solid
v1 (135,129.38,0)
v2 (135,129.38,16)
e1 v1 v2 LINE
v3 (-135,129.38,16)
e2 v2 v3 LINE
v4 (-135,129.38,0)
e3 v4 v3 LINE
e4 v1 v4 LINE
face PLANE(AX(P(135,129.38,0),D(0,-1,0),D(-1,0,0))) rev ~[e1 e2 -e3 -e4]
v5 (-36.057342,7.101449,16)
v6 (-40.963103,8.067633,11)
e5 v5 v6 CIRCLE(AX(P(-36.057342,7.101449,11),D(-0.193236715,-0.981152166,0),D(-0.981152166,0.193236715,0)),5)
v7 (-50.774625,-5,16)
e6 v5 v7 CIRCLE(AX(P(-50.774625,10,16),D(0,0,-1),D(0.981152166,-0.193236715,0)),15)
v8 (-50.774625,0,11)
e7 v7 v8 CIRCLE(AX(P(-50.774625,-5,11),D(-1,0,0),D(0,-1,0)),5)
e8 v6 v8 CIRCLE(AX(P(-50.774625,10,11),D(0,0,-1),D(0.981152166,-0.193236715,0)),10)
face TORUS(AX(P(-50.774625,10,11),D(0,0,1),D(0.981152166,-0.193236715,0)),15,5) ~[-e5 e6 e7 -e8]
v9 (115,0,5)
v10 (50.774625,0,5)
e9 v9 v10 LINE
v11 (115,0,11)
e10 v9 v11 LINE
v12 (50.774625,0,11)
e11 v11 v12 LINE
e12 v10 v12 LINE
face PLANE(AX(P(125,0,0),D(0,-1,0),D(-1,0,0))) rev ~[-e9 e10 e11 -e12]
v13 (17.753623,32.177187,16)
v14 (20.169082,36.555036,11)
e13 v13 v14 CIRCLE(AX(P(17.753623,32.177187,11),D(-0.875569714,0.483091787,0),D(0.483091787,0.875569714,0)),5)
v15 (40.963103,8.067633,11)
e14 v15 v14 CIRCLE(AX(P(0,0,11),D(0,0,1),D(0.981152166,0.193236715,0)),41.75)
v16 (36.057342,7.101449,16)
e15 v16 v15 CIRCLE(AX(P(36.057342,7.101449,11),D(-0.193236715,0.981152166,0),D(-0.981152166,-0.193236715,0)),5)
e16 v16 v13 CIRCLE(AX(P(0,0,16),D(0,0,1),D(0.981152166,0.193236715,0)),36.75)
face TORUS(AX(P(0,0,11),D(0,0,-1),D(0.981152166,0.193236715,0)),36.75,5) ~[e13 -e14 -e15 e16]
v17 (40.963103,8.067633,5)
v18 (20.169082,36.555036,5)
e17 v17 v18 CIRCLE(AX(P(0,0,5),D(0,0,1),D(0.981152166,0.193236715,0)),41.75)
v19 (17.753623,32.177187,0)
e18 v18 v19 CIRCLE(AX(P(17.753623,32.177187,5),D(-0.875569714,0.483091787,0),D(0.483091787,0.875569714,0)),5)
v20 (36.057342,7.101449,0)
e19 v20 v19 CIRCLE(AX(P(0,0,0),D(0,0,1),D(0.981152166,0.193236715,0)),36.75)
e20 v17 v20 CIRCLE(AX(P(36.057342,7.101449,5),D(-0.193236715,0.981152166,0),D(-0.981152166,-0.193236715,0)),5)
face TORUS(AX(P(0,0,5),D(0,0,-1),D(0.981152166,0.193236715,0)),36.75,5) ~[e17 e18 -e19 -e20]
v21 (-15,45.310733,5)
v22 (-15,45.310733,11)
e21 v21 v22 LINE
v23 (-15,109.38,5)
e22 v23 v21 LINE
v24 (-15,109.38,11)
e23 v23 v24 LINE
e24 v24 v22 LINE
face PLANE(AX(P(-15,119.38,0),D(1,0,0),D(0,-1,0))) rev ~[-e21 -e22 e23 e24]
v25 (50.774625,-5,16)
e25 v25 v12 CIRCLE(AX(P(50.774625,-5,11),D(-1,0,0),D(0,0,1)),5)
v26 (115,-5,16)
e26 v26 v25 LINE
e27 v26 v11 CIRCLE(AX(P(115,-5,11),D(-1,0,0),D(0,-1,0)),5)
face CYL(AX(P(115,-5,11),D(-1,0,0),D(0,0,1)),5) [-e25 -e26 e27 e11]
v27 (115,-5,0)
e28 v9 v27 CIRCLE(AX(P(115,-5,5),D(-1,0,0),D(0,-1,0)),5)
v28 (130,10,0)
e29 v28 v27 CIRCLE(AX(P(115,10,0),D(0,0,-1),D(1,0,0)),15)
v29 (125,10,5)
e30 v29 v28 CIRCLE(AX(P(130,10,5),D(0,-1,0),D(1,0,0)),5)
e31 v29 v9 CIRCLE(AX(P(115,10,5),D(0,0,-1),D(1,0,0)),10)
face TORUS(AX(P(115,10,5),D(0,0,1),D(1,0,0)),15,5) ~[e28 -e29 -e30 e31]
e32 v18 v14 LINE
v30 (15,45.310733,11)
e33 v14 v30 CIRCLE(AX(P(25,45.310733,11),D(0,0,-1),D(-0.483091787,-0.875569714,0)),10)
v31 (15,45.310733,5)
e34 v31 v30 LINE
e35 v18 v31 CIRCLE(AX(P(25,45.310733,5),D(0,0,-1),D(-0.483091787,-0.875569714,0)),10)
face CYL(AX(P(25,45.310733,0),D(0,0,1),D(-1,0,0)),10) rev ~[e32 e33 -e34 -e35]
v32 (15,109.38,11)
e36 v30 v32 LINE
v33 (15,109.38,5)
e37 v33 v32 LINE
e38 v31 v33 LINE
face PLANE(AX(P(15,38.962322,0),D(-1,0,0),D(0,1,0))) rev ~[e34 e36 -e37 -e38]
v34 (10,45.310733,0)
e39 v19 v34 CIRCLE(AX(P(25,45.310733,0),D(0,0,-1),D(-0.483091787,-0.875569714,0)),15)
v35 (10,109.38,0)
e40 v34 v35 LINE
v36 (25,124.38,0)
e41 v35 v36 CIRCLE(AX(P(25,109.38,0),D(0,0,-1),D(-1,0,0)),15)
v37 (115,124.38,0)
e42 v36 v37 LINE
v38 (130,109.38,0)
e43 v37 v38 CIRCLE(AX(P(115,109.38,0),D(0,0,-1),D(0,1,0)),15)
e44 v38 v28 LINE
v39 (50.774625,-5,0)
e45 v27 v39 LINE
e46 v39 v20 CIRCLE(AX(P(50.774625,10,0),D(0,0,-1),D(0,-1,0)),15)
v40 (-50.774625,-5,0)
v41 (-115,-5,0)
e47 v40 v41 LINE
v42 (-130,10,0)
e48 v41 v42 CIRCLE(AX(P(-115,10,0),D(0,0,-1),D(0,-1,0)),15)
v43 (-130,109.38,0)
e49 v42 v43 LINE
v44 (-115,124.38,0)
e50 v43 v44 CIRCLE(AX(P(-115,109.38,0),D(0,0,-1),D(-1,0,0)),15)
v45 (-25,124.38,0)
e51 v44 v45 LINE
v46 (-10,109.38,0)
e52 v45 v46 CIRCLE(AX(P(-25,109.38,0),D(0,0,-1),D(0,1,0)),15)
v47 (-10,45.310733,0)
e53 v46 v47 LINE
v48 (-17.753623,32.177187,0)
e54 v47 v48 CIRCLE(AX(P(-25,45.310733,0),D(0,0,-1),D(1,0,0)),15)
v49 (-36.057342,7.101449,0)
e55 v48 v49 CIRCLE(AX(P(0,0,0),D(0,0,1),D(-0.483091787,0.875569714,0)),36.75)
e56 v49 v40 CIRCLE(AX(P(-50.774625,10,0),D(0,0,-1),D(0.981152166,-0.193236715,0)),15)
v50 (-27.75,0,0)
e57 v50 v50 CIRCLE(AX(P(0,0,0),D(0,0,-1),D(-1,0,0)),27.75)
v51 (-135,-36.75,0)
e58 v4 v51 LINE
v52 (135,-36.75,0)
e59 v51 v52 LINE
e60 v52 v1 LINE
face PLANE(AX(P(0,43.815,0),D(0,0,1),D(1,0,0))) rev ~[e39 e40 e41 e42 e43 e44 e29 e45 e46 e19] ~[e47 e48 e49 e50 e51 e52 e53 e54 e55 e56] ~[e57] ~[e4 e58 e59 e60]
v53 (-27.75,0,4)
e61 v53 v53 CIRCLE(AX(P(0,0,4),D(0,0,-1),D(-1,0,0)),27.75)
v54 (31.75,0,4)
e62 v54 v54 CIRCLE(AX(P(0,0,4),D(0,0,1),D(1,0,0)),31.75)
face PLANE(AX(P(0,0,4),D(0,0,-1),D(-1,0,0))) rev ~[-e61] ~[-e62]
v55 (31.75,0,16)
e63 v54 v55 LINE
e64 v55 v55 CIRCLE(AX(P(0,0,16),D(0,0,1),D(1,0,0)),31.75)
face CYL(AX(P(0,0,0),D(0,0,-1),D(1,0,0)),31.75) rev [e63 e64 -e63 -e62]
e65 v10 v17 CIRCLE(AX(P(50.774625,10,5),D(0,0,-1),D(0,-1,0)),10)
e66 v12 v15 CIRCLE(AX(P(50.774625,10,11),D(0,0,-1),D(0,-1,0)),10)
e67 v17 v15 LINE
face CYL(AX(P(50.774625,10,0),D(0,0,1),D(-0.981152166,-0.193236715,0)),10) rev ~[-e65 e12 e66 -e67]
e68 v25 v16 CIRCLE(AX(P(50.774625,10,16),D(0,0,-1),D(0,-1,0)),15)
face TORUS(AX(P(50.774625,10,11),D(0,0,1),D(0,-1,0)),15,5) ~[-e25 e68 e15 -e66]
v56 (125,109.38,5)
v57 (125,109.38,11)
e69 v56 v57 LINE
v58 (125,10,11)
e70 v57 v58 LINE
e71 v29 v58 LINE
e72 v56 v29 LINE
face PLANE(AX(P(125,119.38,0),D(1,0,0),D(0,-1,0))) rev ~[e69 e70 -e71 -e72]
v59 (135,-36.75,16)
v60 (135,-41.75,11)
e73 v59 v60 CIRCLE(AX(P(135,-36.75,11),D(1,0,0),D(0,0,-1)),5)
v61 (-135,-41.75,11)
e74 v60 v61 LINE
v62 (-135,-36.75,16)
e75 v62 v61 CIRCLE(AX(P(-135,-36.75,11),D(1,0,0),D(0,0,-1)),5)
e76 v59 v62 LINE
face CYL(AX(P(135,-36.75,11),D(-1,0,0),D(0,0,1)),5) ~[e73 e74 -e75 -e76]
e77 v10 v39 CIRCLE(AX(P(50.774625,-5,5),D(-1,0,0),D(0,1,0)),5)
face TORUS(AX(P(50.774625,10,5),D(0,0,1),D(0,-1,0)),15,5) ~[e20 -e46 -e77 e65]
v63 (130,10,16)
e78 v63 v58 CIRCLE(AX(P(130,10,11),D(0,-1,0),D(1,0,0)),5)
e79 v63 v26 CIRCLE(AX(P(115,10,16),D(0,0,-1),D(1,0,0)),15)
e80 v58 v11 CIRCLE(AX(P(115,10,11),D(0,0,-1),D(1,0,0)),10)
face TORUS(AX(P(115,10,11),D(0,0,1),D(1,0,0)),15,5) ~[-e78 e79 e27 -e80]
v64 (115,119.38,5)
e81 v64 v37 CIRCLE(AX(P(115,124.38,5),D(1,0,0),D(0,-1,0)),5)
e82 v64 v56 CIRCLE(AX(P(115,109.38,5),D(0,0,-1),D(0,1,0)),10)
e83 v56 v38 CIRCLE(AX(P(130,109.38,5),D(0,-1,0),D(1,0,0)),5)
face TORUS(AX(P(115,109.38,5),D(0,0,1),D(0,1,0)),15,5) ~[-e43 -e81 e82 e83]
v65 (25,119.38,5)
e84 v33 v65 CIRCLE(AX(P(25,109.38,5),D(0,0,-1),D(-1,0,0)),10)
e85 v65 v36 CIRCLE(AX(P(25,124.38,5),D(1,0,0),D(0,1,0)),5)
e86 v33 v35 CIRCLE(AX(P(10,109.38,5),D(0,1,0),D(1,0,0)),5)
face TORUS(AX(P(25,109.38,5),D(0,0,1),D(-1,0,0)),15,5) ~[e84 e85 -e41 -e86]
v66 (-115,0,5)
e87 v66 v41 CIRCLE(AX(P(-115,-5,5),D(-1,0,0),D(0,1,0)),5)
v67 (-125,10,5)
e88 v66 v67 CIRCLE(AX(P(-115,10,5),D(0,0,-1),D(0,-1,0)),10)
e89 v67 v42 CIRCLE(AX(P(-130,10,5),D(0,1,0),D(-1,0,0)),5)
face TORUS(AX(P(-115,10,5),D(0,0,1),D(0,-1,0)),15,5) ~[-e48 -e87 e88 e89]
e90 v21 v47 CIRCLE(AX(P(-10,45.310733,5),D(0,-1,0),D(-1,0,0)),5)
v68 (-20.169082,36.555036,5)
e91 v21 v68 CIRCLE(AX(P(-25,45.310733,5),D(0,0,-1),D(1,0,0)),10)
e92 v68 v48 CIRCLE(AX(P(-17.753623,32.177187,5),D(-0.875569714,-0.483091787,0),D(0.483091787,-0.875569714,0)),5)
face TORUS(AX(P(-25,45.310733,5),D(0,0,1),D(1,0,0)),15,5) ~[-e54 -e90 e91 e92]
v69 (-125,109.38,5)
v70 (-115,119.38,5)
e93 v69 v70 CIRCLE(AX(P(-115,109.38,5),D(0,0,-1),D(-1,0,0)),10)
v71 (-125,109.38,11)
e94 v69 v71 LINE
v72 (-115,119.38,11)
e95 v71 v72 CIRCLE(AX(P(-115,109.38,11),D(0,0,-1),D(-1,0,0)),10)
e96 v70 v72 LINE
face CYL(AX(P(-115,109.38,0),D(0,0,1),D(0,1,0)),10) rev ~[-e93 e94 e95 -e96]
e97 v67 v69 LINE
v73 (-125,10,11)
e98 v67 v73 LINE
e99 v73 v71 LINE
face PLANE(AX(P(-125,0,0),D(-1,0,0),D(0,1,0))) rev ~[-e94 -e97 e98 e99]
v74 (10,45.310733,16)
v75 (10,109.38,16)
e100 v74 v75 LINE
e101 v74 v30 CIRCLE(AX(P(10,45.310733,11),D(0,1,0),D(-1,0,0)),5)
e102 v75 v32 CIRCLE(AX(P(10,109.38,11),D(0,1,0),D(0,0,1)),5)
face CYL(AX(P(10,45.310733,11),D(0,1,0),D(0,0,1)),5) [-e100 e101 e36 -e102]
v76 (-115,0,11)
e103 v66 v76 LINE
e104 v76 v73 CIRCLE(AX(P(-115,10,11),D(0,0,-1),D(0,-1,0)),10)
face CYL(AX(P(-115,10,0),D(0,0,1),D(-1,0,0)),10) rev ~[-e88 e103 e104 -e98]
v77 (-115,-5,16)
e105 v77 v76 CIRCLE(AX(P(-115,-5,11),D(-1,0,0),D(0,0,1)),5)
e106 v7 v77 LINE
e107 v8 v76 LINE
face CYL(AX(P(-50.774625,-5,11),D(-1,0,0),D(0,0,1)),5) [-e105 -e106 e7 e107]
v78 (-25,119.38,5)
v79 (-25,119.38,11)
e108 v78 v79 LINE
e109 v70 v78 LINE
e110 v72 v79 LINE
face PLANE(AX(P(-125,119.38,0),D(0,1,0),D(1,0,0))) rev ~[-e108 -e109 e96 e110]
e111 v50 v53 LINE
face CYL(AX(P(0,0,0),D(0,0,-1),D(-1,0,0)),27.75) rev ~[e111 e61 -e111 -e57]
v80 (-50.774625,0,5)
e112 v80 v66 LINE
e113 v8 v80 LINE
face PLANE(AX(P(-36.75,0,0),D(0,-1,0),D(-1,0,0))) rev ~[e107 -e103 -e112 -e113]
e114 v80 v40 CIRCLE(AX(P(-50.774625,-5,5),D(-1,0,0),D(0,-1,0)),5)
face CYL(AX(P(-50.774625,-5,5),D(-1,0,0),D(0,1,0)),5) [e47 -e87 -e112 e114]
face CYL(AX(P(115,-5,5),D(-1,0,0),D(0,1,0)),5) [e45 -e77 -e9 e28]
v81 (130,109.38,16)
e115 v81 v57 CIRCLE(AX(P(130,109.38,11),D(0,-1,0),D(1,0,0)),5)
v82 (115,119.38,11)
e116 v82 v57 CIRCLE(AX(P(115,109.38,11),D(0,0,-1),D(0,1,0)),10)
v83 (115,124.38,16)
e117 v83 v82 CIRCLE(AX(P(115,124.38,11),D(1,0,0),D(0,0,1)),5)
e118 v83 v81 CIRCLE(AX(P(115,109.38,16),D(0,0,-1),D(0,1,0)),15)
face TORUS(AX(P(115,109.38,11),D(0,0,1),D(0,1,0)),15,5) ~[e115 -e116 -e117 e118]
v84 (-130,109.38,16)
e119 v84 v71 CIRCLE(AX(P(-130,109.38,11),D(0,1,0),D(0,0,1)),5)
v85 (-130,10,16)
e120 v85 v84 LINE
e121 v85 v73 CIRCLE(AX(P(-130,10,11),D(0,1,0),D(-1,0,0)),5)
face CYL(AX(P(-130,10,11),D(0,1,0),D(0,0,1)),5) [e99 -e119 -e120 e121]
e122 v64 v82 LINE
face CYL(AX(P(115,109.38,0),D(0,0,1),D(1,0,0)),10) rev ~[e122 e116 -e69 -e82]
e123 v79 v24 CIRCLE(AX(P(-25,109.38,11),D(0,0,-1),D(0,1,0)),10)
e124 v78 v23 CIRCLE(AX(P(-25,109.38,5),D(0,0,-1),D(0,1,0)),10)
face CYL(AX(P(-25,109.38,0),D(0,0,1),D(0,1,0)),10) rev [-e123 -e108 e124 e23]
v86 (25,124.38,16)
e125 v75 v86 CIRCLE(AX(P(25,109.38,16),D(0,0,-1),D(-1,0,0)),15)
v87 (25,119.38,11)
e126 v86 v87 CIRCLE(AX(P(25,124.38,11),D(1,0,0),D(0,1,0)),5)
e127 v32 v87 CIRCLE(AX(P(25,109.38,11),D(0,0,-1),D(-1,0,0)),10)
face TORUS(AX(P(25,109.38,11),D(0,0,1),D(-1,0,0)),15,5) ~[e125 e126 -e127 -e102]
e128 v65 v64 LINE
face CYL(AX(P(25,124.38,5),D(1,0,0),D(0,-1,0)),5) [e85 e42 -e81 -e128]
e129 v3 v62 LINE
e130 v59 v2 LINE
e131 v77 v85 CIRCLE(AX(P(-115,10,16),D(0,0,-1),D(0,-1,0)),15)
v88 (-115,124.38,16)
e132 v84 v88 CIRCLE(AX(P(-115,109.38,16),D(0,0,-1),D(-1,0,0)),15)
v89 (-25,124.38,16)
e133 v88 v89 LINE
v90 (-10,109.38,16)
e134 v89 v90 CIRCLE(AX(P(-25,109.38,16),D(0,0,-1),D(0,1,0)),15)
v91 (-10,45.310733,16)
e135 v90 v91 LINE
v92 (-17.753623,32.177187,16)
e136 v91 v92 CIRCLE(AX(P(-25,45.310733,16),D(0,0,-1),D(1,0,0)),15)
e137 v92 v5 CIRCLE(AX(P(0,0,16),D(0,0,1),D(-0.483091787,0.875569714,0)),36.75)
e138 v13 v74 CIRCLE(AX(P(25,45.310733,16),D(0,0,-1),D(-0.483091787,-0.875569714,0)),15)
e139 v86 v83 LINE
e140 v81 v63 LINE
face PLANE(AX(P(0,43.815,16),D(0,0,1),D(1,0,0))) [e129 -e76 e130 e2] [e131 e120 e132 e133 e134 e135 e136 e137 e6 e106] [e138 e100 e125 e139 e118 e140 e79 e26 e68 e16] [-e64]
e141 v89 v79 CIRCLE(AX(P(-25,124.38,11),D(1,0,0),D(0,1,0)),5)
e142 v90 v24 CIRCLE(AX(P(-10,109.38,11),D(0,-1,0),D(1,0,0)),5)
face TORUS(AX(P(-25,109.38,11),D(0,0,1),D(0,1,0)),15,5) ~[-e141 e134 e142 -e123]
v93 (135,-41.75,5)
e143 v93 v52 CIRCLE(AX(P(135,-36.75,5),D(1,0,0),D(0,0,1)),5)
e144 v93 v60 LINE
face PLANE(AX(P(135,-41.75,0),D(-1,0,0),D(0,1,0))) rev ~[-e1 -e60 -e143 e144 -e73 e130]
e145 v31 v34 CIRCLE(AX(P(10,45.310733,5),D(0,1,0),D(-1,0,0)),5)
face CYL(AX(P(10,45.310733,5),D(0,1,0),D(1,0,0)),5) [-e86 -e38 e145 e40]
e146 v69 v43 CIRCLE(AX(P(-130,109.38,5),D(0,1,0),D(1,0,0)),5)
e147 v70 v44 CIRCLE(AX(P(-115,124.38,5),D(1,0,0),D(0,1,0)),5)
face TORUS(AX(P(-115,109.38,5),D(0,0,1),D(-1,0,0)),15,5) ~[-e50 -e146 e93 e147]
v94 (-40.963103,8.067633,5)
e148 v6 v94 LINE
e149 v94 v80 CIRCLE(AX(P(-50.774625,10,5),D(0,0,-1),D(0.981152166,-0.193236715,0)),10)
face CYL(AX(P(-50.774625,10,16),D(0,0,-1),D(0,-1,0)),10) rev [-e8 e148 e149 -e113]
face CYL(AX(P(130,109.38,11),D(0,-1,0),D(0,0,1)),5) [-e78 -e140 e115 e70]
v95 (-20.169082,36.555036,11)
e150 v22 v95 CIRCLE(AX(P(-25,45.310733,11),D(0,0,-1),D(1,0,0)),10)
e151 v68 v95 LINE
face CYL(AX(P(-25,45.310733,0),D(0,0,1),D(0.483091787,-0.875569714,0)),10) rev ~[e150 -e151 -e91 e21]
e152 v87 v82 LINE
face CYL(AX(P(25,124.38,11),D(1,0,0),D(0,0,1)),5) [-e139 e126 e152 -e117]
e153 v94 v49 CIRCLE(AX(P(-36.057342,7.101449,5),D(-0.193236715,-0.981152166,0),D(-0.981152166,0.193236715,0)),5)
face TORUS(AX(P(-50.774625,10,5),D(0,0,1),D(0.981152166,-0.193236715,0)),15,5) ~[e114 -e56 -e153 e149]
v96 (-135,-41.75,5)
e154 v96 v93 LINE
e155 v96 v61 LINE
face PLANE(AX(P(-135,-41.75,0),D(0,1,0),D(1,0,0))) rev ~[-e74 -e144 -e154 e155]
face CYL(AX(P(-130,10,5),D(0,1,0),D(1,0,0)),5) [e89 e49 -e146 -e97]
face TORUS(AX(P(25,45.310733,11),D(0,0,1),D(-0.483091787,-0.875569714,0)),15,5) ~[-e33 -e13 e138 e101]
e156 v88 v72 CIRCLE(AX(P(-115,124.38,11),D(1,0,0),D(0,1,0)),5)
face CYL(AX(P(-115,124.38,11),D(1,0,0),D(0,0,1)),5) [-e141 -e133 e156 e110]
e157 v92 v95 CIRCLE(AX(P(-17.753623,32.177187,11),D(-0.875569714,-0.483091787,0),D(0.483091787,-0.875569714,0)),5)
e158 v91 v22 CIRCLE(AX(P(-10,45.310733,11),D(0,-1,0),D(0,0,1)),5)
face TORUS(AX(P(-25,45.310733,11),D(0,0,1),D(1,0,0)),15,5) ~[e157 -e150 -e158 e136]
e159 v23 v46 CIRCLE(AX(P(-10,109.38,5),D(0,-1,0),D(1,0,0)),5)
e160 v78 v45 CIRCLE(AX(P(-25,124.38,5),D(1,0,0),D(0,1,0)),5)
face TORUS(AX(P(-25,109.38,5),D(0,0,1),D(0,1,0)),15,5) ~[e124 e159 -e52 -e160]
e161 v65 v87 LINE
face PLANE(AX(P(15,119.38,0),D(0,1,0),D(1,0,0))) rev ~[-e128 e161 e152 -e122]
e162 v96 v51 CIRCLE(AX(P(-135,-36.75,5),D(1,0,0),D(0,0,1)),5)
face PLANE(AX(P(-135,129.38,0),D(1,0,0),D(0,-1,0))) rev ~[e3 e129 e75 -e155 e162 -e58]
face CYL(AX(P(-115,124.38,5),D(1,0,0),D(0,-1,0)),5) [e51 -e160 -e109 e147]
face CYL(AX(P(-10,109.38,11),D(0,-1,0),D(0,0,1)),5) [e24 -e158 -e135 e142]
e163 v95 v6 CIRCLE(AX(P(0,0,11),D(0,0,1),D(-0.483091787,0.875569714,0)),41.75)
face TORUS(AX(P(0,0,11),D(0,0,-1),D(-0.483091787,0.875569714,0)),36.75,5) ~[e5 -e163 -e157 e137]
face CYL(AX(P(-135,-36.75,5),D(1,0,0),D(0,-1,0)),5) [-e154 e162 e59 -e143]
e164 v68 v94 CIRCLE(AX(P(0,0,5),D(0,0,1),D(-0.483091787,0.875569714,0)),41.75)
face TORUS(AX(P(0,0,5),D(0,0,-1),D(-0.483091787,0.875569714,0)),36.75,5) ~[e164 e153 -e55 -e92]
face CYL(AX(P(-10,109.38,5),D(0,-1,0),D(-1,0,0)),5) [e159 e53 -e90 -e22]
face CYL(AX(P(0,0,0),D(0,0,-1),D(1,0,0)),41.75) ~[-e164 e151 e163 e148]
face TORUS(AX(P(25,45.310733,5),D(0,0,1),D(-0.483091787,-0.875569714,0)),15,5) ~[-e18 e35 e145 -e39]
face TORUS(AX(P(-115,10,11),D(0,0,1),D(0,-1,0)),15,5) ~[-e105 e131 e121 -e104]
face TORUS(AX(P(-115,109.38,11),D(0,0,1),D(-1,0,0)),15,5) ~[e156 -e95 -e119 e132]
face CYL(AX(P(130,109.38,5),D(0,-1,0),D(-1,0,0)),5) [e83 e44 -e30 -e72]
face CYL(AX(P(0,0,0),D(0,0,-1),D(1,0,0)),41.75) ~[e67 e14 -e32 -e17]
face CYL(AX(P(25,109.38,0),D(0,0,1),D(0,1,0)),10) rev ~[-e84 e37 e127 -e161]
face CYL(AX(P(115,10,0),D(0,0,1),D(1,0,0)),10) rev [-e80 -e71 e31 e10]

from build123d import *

# Parameters (mm, degrees)
SKETCH1_R            = 41.75
SKETCH1_R_2          = 31.75
BEARING_HOLDER_DEPTH = 16
SKETCH2_R            = 31.75
SKETCH2_R_2          = 27.75
BEARING_LIP_DEPTH    = 4
BOX_START            = -16
BOX_ADAPTER_DEPTH    = 16
STRUCTURAL_FILLETS_R = 10
SMALLER_FILLETS_R    = 5


with BuildPart() as part:
    # Sketch1 → Bearing holder (new body)
    with BuildSketch(Plane.XY):
        Circle(SKETCH1_R)
        Circle(SKETCH1_R_2, mode=Mode.SUBTRACT)
    extrude(amount=BEARING_HOLDER_DEPTH)

    # Sketch2 → Bearing lip (add)
    with BuildSketch(Plane(origin=(0, 0, 0), x_dir=(-1, 0, 0), z_dir=(0, 0, -1))):
        Circle(SKETCH2_R)
        Circle(SKETCH2_R_2, mode=Mode.SUBTRACT)
    extrude(amount=-BEARING_LIP_DEPTH)

    # Sketch3 → Box adapter (add)
    with BuildSketch(Plane.XY.offset(16).offset(BOX_START)):
        Polygon((-135, -41.75), (-125, -41.75), (-41.75, -41.75), (41.75, -41.75), (125, -41.75), (135, -41.75), (135, 129.38), (-135, 129.38), align=None)
        with BuildLine():
            Line((-125, 0), (-125, 119.38))
            Line((-125, 119.38), (-15, 119.38))
            Line((-15, 119.38), (-15, 38.962321543))
            ThreePointArc((-15, 38.962321543), (0, 41.75), (15, 38.962321543))
            Line((15, 38.962321543), (15, 119.38))
            Line((15, 119.38), (125, 119.38))
            Line((125, 119.38), (125, 0))
            Line((125, 0), (41.75, 0))
            Line((41.75, 0), (36.75, 0))
            ThreePointArc((36.75, 0), (0, -36.75), (-36.75, 0))
            Line((-36.75, 0), (-41.75, 0))
            Line((-41.75, 0), (-125, 0))
        make_face(mode=Mode.SUBTRACT)
    extrude(amount=BOX_ADAPTER_DEPTH)

    # Structural fillets
    structural_fillets_edges = [part.edges().sort_by_distance(p)[0] for p in [
        (-41.75, 0, 8),
        (41.75, 0, 8),
        (-125, 0, 8),
        (-15, 119.38, 8),
        (-15, 38.962321543, 8),
        (15, 38.962321543, 8),
        (15, 119.38, 8),
        (125, 119.38, 8),
        (125, 0, 8),
        (-125, 119.38, 8),
    ]]
    fillet(structural_fillets_edges, radius=STRUCTURAL_FILLETS_R)

    # Smaller fillets
    smaller_fillets_edges = [part.edges().sort_by_distance(p)[0] for p in [
        (122.071067812, 2.928932188, 16),
        (122.071067812, 2.928932188, 0),
        (-17.928932188, 116.451067812, 16),
        (-17.928932188, 116.451067812, 0),
        (122.071067812, 116.451067812, 16),
        (122.071067812, 116.451067812, 0),
        (17.928932188, 116.451067812, 16),
        (17.928932188, 116.451067812, 0),
        (-122.071067812, 116.451067812, 16),
        (-122.071067812, 116.451067812, 0),
        (0, -41.75, 0),
        (0, -41.75, 16),
        (82.887312284, 0, 0),
        (82.887312284, 0, 16),
        (33.72193708, 24.6149032, 16),
        (33.72193708, 24.6149032, 0),
        (15, 77.345366362, 16),
        (15, 77.345366362, 0),
        (-82.887312284, 0, 16),
        (-82.887312284, 0, 0),
        (-33.72193708, 24.6149032, 0),
        (-33.72193708, 24.6149032, 16),
        (-15, 77.345366362, 16),
        (-15, 77.345366362, 0),
        (-125, 59.69, 16),
        (-125, 59.69, 0),
        (125, 59.69, 16),
        (125, 59.69, 0),
        (-70, 119.38, 16),
        (-70, 119.38, 0),
        (70, 119.38, 16),
        (70, 119.38, 0),
        (44.423391282, 2.27589256, 16),
        (44.423391282, 2.27589256, 0),
        (16.388694096, 40.226894545, 16),
        (16.388694096, 40.226894545, 0),
        (-44.423391282, 2.27589256, 0),
        (-44.423391282, 2.27589256, 16),
        (-16.388694096, 40.226894545, 16),
        (-16.388694096, 40.226894545, 0),
        (-122.071067812, 2.928932188, 16),
        (-122.071067812, 2.928932188, 0),
    ]]
    fillet(smaller_fillets_edges, radius=SMALLER_FILLETS_R)


solid = part.part
